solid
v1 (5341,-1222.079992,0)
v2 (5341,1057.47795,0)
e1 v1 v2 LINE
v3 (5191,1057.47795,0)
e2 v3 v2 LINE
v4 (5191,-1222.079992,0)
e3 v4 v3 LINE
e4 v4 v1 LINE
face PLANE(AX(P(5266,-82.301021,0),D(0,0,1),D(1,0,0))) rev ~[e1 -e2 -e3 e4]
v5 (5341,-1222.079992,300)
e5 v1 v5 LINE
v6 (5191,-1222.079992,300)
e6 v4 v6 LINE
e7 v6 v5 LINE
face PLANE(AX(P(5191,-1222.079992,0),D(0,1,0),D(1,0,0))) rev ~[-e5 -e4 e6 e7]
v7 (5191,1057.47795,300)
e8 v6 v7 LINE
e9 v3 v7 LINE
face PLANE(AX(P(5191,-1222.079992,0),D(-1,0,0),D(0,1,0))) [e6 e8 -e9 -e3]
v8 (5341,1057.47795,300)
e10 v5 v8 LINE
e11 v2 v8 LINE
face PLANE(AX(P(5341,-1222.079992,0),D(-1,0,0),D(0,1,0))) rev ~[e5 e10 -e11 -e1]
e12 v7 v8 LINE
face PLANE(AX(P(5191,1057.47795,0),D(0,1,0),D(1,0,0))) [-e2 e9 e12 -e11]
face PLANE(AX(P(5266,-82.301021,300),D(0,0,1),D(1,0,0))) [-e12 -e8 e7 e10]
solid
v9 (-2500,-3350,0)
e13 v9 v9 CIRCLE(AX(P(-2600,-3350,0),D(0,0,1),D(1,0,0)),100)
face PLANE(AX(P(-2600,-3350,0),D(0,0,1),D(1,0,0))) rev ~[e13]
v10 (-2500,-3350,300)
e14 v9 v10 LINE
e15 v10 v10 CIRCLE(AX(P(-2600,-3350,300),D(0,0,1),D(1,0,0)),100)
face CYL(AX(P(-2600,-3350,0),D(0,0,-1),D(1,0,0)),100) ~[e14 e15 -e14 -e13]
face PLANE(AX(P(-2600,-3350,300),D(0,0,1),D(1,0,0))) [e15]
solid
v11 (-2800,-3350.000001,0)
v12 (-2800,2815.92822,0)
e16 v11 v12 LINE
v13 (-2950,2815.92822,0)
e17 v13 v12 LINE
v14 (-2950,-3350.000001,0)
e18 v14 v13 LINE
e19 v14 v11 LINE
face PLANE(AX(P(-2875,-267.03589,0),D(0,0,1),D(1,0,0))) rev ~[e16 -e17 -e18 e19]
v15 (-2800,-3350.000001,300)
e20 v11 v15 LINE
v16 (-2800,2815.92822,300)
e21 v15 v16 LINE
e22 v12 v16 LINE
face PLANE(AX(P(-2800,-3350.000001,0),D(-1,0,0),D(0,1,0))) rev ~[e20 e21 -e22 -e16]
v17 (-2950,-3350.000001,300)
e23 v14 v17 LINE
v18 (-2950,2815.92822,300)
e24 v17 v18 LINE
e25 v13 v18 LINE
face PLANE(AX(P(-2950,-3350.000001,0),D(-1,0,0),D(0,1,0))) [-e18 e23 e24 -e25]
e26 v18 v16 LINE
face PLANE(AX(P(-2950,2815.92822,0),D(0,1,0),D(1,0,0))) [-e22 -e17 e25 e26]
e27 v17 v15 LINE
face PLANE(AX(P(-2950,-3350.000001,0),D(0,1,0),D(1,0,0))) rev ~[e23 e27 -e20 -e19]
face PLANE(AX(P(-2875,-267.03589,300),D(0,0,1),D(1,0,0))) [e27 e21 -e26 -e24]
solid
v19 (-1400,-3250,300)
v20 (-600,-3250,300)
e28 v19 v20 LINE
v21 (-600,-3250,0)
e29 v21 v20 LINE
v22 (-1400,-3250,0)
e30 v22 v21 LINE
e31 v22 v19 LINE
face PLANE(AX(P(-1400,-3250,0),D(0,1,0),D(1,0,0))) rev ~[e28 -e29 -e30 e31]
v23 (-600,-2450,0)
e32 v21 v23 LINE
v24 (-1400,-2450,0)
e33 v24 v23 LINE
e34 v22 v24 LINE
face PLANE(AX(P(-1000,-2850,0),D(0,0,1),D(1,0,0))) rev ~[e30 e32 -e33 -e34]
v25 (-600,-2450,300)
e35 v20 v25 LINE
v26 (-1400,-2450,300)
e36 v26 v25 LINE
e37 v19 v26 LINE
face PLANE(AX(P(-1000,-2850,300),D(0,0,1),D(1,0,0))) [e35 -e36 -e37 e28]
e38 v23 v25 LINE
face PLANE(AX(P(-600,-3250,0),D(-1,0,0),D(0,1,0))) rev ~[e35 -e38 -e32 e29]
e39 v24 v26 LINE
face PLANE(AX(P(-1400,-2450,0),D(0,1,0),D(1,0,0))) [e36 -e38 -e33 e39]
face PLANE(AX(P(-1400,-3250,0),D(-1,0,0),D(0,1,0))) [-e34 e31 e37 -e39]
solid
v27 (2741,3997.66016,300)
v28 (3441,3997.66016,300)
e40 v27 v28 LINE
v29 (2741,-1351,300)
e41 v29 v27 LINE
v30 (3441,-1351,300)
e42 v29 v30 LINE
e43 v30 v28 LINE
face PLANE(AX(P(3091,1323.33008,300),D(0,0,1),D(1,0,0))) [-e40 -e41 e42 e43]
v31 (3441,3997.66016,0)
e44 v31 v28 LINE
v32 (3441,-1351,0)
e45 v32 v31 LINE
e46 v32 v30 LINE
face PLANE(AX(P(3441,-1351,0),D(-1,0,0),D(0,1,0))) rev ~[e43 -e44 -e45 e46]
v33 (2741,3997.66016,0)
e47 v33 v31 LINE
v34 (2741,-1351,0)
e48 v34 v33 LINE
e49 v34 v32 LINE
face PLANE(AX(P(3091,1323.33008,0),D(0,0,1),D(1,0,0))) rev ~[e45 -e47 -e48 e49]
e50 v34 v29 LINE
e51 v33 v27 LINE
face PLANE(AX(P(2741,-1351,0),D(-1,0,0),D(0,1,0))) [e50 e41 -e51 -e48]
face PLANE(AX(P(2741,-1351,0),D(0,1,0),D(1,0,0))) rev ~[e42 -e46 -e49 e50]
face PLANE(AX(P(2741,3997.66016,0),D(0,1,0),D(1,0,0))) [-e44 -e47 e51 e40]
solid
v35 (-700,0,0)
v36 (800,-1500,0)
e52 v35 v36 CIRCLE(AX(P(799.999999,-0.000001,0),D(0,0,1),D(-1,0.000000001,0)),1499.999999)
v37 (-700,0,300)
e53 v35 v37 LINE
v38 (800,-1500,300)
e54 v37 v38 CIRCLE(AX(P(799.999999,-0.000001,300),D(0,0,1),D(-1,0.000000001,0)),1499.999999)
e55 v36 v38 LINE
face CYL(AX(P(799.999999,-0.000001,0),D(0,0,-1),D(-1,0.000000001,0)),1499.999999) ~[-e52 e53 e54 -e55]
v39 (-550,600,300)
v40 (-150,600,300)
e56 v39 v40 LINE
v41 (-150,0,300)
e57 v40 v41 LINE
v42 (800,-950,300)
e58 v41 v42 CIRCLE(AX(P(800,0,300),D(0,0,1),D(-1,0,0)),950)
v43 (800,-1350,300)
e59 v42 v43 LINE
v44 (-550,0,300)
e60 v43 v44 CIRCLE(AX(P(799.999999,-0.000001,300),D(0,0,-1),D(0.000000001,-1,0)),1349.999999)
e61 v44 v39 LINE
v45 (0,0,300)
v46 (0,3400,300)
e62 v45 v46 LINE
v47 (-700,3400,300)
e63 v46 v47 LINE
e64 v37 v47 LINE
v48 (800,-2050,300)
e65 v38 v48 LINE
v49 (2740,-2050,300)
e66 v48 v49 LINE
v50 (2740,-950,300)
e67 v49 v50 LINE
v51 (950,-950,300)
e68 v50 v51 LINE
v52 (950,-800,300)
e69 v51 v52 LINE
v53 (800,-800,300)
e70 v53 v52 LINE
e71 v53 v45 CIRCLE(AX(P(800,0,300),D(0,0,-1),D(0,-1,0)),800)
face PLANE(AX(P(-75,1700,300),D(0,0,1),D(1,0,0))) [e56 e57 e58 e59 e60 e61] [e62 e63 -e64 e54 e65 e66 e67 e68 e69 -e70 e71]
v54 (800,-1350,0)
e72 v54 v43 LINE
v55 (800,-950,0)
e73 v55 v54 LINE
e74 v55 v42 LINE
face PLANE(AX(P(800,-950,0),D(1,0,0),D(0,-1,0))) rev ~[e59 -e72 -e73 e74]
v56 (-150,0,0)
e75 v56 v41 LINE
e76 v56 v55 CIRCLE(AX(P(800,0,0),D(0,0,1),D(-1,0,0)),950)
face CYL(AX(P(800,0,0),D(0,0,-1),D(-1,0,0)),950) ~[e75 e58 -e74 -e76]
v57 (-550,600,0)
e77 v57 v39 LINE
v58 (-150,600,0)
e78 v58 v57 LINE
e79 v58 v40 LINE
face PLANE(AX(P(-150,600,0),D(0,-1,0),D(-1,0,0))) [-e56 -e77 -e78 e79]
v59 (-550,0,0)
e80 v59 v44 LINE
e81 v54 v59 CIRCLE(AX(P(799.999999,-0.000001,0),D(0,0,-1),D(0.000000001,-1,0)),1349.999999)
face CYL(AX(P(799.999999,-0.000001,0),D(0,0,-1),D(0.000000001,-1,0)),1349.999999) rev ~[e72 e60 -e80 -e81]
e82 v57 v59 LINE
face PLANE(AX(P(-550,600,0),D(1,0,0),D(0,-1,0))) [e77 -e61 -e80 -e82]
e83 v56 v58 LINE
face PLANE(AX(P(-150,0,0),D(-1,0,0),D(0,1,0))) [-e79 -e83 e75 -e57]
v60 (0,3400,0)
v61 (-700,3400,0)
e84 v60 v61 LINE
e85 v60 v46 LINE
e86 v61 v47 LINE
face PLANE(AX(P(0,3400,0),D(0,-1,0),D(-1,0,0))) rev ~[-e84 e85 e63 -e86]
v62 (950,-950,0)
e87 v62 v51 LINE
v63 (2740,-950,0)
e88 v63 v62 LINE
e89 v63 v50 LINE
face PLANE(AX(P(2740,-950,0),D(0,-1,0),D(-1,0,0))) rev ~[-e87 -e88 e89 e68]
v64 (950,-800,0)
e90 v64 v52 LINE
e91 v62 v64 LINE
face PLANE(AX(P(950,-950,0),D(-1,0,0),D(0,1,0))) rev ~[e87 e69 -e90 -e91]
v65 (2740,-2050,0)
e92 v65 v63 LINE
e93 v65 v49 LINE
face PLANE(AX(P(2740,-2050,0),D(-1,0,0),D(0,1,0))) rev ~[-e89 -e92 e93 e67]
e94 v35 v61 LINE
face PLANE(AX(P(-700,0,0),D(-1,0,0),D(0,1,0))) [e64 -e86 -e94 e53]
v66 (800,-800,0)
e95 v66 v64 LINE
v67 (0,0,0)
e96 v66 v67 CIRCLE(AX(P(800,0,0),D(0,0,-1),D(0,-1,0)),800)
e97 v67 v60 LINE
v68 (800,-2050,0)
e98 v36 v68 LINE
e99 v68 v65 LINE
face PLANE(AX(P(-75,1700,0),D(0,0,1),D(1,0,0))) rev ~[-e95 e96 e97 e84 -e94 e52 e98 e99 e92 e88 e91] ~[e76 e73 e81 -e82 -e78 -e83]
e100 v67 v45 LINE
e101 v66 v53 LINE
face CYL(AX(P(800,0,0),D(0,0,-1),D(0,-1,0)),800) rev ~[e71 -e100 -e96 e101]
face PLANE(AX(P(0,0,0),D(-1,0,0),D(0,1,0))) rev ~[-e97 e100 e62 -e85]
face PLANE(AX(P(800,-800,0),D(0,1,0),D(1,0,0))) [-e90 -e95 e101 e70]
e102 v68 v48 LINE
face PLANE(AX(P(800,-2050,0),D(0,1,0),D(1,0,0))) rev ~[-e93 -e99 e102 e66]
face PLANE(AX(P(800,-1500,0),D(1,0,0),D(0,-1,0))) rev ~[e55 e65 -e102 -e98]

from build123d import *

# Parameters (mm, degrees)
F0_W     = 150
F0_H     = 3400
F0_H_2   = 150
F0_W_2   = 400
F0_H_3   = 2279.557943
F0_W_3   = 800
F0_H_4   = 800
F0_R     = 100
F0_H_5   = 6165.928221
F0_W_4   = 700
F0_H_6   = 5348.66016
F1_DEPTH = 300
F3_DEPTH = 500


with BuildPart() as f1:
    # F0 (on Top) → F1 (new body)
    with BuildSketch(Plane.XY):
        with Locations((-75, 1700)):
            Rectangle(F0_W, F0_H)
        with BuildLine():
            ThreePointArc((800, -800), (234.314575, -565.685425), (0, 0))
            Line((0, 0), (-150, 0))
            ThreePointArc((-150, 0), (128.248558, -671.751442), (800, -950))
            Line((800, -950), (800, -800))
        make_face()
        with Locations((875, -875)):
            Rectangle(F0_W, F0_H_2)
        with Locations((-350, 1700)):
            Rectangle(F0_W_2, F0_H)
        Polygon((950, -950), (800, -950), (800, -1350), (2740, -1350), (2740, -950), align=None)
        with Locations((-625, 1700)):
            Rectangle(F0_W, F0_H)
        with BuildLine():
            ThreePointArc((800, -1350), (-154.594155, -954.594155), (-550, 0))
            Line((-550, 0), (-700, 0))
            ThreePointArc((-700, 0), (-260.660172, -1060.660172), (800, -1500))
            Line((800, -1500), (800, -1350))
        make_face()
        Polygon((2740, -1350), (800, -1350), (800, -1500), (800, -2050), (2740, -2050), align=None)
        with Locations((5266, -82.301021)):
            Rectangle(F0_W, F0_H_3)
        with Locations((-1000, -2850)):
            Rectangle(F0_W_3, F0_H_4)
        with Locations((-2600, -3350)):
            Circle(F0_R)
        with Locations((-2875, -267.03589)):
            Rectangle(F0_W, F0_H_5)
        with Locations((3091, 1323.33008)):
            Rectangle(F0_W_4, F0_H_6)
    extrude(amount=F1_DEPTH)

    # F2 (on Top) → F3 (cut)
    with BuildSketch(Plane.XY):
        with BuildLine():
            ThreePointArc((800, -950), (128.248558, -671.751442), (-150, 0))
            Line((-150, 0), (-150, 600))
            Line((-150, 600), (-550, 600))
            Line((-550, 600), (-550, 0))
            ThreePointArc((-550, 0), (-154.594155, -954.594155), (800, -1350))
            Line((800, -1350), (800, -950))
        make_face()
    extrude(amount=F3_DEPTH, mode=Mode.SUBTRACT)


solid = f1.part
